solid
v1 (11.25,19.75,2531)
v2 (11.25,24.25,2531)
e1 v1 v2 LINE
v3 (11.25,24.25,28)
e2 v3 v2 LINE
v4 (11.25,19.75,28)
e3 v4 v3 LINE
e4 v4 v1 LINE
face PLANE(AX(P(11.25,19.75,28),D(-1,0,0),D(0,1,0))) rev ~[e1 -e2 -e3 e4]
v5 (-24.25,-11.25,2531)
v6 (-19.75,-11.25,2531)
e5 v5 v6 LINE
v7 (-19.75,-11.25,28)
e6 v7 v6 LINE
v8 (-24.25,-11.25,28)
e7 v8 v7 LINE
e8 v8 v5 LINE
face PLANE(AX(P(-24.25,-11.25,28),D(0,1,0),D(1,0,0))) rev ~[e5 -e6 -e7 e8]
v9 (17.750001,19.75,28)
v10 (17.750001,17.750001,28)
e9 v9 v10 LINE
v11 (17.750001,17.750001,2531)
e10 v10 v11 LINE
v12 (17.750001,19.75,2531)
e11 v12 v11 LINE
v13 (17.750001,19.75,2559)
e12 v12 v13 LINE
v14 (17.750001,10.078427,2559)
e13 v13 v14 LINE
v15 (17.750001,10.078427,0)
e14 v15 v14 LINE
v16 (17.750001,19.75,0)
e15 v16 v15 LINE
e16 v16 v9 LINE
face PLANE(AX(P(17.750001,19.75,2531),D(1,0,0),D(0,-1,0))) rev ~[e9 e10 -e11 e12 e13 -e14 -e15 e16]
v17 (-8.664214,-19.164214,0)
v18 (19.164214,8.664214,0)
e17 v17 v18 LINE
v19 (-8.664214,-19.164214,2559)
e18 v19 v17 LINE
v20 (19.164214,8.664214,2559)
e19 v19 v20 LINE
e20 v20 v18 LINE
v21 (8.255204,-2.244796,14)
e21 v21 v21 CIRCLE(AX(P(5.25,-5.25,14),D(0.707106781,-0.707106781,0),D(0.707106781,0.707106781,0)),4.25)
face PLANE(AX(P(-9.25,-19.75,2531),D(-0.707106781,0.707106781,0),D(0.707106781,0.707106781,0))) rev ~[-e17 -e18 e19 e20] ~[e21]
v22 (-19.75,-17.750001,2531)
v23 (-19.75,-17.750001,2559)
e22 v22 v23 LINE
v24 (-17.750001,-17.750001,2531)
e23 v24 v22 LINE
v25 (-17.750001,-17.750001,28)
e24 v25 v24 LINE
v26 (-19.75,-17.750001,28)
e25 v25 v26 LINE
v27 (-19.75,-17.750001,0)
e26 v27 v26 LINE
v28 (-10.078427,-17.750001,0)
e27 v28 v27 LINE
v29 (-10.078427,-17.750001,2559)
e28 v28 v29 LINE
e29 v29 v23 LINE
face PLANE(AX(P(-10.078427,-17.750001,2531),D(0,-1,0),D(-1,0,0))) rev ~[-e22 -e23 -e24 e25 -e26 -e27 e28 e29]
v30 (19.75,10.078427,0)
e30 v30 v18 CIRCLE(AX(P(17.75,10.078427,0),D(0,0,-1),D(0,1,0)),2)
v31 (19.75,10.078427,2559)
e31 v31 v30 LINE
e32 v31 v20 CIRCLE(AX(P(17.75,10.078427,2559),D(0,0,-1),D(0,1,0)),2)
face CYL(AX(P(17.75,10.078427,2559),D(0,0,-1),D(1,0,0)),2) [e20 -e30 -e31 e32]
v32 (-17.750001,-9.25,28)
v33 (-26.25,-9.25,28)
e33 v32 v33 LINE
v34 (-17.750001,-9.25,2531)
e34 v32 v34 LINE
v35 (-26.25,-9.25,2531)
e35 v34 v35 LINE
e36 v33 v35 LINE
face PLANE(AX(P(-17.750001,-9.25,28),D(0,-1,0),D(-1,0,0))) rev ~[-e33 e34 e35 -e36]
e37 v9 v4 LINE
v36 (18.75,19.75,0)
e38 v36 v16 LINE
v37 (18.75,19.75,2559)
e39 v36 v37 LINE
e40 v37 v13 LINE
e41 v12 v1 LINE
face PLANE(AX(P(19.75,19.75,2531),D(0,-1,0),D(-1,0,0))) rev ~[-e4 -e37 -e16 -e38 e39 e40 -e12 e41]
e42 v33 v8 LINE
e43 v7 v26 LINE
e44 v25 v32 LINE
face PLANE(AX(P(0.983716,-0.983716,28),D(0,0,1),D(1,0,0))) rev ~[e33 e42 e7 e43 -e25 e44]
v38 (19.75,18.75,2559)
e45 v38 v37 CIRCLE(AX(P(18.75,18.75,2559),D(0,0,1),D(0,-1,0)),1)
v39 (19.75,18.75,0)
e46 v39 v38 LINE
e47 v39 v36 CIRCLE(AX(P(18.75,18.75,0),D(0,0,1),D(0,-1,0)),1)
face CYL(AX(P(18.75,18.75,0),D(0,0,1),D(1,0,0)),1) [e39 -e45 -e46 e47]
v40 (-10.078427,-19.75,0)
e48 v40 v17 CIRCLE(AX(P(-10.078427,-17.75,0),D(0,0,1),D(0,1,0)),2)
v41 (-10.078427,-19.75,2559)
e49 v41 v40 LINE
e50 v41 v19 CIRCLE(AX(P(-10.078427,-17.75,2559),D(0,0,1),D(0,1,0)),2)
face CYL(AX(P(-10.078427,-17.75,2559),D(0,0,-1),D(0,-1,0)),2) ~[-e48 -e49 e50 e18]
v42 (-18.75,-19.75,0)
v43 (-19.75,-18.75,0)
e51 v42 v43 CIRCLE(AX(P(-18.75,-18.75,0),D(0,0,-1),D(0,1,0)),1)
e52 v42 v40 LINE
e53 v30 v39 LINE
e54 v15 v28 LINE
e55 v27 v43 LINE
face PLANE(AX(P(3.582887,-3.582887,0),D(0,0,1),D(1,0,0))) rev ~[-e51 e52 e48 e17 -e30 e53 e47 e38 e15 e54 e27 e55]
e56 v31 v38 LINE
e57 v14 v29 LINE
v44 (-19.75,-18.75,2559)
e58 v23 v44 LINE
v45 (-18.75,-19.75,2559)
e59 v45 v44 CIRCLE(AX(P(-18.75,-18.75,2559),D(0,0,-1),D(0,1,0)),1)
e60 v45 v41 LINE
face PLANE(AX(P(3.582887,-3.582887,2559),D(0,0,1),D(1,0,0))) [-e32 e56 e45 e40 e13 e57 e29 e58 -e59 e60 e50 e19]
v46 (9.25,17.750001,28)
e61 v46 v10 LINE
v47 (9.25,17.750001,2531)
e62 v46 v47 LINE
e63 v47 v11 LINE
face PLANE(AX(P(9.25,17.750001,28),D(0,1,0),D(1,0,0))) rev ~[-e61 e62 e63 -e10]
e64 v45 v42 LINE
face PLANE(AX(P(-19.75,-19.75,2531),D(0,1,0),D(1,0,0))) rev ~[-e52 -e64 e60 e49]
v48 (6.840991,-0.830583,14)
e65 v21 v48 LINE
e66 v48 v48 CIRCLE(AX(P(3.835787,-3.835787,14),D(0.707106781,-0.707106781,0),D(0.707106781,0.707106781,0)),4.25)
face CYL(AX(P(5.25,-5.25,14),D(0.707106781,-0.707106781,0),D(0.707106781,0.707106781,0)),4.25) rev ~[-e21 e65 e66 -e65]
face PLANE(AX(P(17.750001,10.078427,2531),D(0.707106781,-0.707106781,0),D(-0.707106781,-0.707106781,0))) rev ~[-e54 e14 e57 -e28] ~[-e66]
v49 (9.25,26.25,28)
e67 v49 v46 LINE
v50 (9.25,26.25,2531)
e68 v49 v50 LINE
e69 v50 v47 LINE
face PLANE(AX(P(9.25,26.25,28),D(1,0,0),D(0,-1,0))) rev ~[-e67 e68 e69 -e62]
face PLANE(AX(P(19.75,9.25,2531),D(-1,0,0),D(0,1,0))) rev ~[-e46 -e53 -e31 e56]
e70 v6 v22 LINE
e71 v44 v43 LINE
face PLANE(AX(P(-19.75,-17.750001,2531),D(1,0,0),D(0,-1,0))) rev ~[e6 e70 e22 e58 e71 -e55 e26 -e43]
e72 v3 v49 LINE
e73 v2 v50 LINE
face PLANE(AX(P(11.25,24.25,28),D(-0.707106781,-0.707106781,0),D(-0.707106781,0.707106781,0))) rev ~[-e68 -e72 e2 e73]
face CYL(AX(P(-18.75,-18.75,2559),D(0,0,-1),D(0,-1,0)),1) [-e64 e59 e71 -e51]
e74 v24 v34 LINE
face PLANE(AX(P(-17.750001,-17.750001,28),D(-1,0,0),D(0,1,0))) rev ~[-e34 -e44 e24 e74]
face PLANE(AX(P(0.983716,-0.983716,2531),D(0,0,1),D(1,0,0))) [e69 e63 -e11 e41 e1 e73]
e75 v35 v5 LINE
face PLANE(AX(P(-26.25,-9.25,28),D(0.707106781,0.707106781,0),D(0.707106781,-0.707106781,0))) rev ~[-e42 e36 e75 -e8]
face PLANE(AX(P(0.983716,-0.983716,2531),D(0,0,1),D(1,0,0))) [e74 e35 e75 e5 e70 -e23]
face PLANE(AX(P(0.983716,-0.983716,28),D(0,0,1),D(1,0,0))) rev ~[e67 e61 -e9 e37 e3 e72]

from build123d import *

# Parameters (mm, degrees)
F1_DEPTH = 28
F3_DEPTH = 2503
F5_DEPTH = 28
F6_R     = 2
F7_R     = 1
F8_R     = 4.25
F9_DEPTH = 25


with BuildPart() as f1:
    # F0 (on Top) → F1 (new body)
    with BuildSketch(Plane.XY):
        Polygon((-19.75, -17.750001), (-19.75, -19.75), (-9.25, -19.75), (19.75, 9.25), (19.75, 19.75), (17.750001, 19.75), (17.750001, 10.078427), (-10.078427, -17.750001), align=None)
    extrude(amount=F1_DEPTH)

    # F2 (on face) → F3 (join)
    with BuildSketch(Plane.XY.offset(28)):
        Polygon((-19.75, -19.75), (-9.25, -19.75), (19.75, 9.25), (19.75, 19.75), (11.25, 19.75), (11.25, 24.25), (9.25, 26.25), (9.25, 23.421573), (9.25, 19.75), (9.25, 17.750001), (17.750001, 17.750001), (17.750001, 10.078427), (16.585787, 8.914213), (-8.914213, -16.585787), (-10.078427, -17.750001), (-17.750001, -17.750001), (-17.750001, -9.25), (-19.75, -9.25), (-23.421573, -9.25), (-26.25, -9.25), (-24.25, -11.25), (-19.75, -11.25), align=None)
    extrude(amount=F3_DEPTH)

    # F4 (on face) → F5 (join)
    with BuildSketch(Plane.XY.offset(2531)):
        Polygon((19.75, 9.25), (19.75, 19.75), (17.750001, 19.75), (17.750001, 10.078427), (-10.078427, -17.750001), (-19.75, -17.750001), (-19.75, -19.75), (-9.25, -19.75), align=None)
    extrude(amount=F5_DEPTH)

    # F6
    f6_edges = [f1.edges().sort_by_distance(p)[0] for p in [
        (19.75, 9.25, 1279.5),
        (-9.25, -19.75, 1279.5),
    ]]
    fillet(f6_edges, radius=F6_R)

    # F7
    f7_edges = [f1.edges().sort_by_distance(p)[0] for p in [
        (-19.75, -19.75, 1279.5),
        (19.75, 19.75, 1279.5),
    ]]
    fillet(f7_edges, radius=F7_R)

    # F8 (on face) → F9 (cut)
    with BuildSketch(Plane(origin=(5.25, -5.25, 0), x_dir=(0.707107, 0.707107, 0), z_dir=(0.707107, -0.707107, 0))):
        with Locations((0, 14)):
            Circle(F8_R)
    extrude(amount=-F9_DEPTH, mode=Mode.SUBTRACT)


solid = f1.part
